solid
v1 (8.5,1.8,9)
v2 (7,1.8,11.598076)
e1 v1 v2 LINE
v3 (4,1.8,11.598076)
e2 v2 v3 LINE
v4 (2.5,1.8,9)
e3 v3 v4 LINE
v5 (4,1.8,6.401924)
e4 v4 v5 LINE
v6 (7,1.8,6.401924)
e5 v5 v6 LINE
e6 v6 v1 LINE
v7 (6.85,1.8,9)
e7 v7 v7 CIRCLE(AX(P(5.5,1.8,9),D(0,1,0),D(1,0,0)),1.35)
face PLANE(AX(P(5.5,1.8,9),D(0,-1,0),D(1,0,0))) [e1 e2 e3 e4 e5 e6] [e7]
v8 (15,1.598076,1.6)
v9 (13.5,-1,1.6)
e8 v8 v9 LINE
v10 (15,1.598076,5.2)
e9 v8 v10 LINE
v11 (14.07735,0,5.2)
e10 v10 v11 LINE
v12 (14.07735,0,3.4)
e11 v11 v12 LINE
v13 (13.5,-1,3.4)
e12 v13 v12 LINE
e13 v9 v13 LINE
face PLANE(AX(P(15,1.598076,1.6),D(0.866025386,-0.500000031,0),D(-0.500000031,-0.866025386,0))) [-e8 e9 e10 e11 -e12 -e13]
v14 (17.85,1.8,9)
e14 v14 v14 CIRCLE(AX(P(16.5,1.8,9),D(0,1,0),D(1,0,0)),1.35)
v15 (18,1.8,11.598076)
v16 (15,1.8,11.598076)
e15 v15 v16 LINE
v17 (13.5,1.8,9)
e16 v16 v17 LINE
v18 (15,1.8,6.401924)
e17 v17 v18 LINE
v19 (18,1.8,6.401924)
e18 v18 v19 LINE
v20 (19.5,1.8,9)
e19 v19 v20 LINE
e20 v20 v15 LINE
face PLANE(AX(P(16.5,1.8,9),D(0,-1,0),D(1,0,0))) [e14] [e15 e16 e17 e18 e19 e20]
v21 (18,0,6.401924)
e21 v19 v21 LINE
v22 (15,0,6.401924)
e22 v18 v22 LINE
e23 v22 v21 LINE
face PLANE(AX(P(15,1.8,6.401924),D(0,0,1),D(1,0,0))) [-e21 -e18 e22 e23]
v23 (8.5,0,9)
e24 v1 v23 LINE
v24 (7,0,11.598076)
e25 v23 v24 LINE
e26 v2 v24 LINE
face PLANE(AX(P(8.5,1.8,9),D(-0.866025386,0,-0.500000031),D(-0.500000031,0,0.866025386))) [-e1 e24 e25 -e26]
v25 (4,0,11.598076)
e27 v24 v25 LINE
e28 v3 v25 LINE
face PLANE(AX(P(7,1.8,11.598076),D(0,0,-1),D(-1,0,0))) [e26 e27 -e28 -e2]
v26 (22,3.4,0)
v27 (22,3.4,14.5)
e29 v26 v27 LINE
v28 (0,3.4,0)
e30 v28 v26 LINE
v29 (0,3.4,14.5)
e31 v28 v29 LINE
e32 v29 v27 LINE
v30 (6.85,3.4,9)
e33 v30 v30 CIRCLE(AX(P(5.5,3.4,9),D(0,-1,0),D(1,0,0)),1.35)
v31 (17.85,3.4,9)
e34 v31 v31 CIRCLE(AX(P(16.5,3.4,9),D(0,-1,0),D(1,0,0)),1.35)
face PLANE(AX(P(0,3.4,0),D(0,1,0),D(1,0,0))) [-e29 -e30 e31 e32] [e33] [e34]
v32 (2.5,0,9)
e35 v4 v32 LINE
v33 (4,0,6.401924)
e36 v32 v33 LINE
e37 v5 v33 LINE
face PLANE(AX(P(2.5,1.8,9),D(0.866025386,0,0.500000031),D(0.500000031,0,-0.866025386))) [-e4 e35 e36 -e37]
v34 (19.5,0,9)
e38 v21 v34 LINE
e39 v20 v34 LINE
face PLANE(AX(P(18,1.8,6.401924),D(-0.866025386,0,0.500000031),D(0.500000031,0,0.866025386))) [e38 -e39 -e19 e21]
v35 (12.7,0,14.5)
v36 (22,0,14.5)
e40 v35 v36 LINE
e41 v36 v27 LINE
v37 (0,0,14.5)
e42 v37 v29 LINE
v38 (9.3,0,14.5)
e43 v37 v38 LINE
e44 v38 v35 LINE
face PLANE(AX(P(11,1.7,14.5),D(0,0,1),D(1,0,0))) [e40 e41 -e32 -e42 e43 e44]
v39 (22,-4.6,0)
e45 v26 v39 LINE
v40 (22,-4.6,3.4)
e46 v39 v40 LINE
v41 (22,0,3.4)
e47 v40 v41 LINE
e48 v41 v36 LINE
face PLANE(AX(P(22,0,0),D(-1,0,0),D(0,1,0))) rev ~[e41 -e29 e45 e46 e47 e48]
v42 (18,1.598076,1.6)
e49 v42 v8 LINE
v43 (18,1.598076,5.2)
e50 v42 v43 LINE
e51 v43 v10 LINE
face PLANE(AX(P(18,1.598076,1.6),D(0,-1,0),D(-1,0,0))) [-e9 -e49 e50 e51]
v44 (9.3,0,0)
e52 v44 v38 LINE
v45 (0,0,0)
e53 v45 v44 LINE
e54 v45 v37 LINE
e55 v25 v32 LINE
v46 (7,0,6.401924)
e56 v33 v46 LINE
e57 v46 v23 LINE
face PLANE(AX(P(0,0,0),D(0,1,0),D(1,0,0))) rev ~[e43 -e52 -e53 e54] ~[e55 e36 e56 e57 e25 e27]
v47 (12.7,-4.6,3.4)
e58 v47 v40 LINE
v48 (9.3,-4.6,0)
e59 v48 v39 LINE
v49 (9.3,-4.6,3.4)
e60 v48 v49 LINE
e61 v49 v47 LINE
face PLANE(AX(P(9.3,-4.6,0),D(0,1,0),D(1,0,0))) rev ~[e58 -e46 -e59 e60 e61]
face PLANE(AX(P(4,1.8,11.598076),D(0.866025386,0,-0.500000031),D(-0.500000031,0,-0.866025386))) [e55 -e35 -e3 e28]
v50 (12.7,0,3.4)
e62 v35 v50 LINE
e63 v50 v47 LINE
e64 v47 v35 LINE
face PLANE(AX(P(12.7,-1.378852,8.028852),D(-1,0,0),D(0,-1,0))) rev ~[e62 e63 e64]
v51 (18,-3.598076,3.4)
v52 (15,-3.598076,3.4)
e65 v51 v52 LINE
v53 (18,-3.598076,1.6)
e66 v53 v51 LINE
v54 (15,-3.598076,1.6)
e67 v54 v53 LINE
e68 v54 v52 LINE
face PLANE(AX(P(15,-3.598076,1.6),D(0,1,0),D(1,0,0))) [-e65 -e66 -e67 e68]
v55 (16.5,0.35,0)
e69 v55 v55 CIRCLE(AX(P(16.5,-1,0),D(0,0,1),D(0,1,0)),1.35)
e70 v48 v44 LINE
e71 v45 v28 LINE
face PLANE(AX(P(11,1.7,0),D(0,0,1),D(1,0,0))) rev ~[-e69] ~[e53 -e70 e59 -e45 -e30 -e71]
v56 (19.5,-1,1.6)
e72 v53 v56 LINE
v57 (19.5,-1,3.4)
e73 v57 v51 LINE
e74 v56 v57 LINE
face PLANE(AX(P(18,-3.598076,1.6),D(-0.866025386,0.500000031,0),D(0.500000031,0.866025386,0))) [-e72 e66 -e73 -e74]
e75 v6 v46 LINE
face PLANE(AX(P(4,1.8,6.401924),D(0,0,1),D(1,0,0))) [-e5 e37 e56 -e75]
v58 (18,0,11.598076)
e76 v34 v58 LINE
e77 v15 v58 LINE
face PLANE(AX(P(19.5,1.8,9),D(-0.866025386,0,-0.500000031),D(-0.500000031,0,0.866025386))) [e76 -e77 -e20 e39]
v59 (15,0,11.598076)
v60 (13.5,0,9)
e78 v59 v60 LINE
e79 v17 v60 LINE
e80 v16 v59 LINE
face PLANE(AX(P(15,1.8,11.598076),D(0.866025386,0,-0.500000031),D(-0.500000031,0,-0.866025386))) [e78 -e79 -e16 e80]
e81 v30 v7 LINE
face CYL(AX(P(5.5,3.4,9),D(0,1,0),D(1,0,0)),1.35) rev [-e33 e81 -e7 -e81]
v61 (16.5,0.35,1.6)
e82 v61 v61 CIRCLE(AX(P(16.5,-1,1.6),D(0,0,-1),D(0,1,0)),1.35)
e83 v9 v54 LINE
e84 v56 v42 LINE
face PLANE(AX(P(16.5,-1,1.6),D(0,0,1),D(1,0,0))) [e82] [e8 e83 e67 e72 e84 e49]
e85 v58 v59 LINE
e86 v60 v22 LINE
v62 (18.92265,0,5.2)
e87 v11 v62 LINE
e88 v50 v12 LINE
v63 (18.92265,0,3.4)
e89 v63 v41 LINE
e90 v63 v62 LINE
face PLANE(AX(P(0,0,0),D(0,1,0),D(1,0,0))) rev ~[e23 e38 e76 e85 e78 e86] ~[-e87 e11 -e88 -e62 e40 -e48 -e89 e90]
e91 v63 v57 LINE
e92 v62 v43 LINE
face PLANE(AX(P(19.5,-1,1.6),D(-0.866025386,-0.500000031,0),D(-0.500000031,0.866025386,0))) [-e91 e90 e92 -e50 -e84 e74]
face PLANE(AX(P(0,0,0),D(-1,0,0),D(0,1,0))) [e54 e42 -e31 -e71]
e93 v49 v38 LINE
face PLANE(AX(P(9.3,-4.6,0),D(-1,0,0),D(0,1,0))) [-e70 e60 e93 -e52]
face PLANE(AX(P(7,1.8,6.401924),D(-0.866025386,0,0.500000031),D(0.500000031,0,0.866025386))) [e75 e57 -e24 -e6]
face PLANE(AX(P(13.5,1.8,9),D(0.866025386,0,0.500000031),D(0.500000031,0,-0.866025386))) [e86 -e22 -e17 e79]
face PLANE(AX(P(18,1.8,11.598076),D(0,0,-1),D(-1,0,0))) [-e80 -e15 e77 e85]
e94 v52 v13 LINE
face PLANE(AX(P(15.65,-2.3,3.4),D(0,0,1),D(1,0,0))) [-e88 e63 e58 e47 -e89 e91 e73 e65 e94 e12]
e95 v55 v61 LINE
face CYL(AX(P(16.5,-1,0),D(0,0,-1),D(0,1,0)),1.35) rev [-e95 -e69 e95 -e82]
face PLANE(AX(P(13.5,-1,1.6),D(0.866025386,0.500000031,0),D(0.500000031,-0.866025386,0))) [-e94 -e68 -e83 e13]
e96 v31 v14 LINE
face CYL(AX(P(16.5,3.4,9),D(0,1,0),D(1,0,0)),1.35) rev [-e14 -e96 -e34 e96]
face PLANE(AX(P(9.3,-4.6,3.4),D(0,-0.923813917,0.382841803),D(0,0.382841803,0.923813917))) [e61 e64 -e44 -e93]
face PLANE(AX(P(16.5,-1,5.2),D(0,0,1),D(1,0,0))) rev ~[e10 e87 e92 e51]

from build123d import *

# Parameters (mm, degrees)
EXTRUDE003_DEPTH  = 3.6
CYLINDER002_R     = 1.35
CYLINDER002_DEPTH = 3.4
EXTRUDE002_DEPTH  = 1.8
CYLINDER003_R     = 1.35
CYLINDER003_DEPTH = 3.4
EXTRUDE001_DEPTH  = 1.8
CYLINDER_R        = 1.35
CYLINDER_DEPTH    = 3.4
BOX_W             = 22
BOX_H             = 3.4
BOX_DEPTH         = 14.5
BOX001_W          = 12.7
BOX001_H          = 4.6
BOX001_DEPTH      = 3.4
EXTRUDE_DEPTH     = 3.4


with BuildPart() as extrude003:
    # Sketch003 → Extrude003 (new body)
    with BuildSketch(Plane(origin=(16.5, -1, 1.6), x_dir=(1, 0, 0), z_dir=(0, 0, 1))):
        Polygon((3, 0), (1.5, 2.598076), (-1.5, 2.598076), (-3, 0), (-1.5, -2.598076), (1.5, -2.598076), align=None)
    extrude(amount=EXTRUDE003_DEPTH)


with BuildPart() as hole03:
    # Cylinder002 → Cylinder002 (new body)
    with BuildSketch(Plane(origin=(16.5, -1, 0), x_dir=(0, 1, 0), z_dir=(0, 0, 1))):
        Circle(CYLINDER002_R)
    extrude(amount=CYLINDER002_DEPTH)

    # Fusion002: union Extrude003
    add(extrude003.part)


with BuildPart() as extrude002:
    # Sketch002 → Extrude002 (new body)
    with BuildSketch(Plane(origin=(16.5, 1.8, 9), x_dir=(1, 0, 0), z_dir=(0, -1, 0))):
        Polygon((3, 0), (1.5, 2.598076), (-1.5, 2.598076), (-3, 0), (-1.5, -2.598076), (1.5, -2.598076), align=None)
    extrude(amount=EXTRUDE002_DEPTH)


with BuildPart() as hole02:
    # Cylinder003 → Cylinder003 (new body)
    with BuildSketch(Plane(origin=(16.5, 3.4, 9), x_dir=(1, 0, 0), z_dir=(0, -1, 0))):
        Circle(CYLINDER003_R)
    extrude(amount=CYLINDER003_DEPTH)

    # Fusion001: union Extrude002
    add(extrude002.part)


with BuildPart() as extrude001:
    # Sketch001 → Extrude001 (new body)
    with BuildSketch(Plane(origin=(5.5, 1.8, 9), x_dir=(1, 0, 0), z_dir=(0, -1, 0))):
        Polygon((3, 0), (1.5, 2.598076), (-1.5, 2.598076), (-3, 0), (-1.5, -2.598076), (1.5, -2.598076), align=None)
    extrude(amount=EXTRUDE001_DEPTH)


with BuildPart() as hole01:
    # Cylinder → Cylinder (new body)
    with BuildSketch(Plane(origin=(5.5, 3.4, 9), x_dir=(1, 0, 0), z_dir=(0, -1, 0))):
        Circle(CYLINDER_R)
    extrude(amount=CYLINDER_DEPTH)

    # Fusion: union Extrude001
    add(extrude001.part)


with BuildPart() as cut001:
    # Box → Box (new body)
    with BuildSketch(Plane.XY):
        with Locations((11, 1.7)):
            Rectangle(BOX_W, BOX_H)
    extrude(amount=BOX_DEPTH)

    # Cut: cut Hole01
    add(hole01.part, mode=Mode.SUBTRACT)

    # Cut001: cut Hole02
    add(hole02.part, mode=Mode.SUBTRACT)


with BuildPart() as cut002:
    # Box001 → Box001 (new body)
    with BuildSketch(Plane(origin=(9.3, -4.6, 0), x_dir=(1, 0, 0), z_dir=(0, 0, 1))):
        with Locations((6.35, 2.3)):
            Rectangle(BOX001_W, BOX001_H)
    extrude(amount=BOX001_DEPTH)

    # Fusion003: union Cut001
    add(cut001.part)

    # Cut002: cut Hole03
    add(hole03.part, mode=Mode.SUBTRACT)


with BuildPart() as right_hand_bracket:
    # Sketch → Extrude (new body)
    with BuildSketch(Plane(origin=(0, 0, 3.4), x_dir=(0, 1, 0), z_dir=(1, 0, 0))):
        Polygon((0, 11.1), (0, 0), (-4.6, 0), align=None)
    extrude(amount=EXTRUDE_DEPTH)


with BuildPart() as right_hand_bracket_1:
    # Extrude placement: moved
    add(right_hand_bracket.part.moved(Location((9.3, 0, 0))))

    # Fusion004: union Cut002
    add(cut002.part)


solid = right_hand_bracket_1.part
